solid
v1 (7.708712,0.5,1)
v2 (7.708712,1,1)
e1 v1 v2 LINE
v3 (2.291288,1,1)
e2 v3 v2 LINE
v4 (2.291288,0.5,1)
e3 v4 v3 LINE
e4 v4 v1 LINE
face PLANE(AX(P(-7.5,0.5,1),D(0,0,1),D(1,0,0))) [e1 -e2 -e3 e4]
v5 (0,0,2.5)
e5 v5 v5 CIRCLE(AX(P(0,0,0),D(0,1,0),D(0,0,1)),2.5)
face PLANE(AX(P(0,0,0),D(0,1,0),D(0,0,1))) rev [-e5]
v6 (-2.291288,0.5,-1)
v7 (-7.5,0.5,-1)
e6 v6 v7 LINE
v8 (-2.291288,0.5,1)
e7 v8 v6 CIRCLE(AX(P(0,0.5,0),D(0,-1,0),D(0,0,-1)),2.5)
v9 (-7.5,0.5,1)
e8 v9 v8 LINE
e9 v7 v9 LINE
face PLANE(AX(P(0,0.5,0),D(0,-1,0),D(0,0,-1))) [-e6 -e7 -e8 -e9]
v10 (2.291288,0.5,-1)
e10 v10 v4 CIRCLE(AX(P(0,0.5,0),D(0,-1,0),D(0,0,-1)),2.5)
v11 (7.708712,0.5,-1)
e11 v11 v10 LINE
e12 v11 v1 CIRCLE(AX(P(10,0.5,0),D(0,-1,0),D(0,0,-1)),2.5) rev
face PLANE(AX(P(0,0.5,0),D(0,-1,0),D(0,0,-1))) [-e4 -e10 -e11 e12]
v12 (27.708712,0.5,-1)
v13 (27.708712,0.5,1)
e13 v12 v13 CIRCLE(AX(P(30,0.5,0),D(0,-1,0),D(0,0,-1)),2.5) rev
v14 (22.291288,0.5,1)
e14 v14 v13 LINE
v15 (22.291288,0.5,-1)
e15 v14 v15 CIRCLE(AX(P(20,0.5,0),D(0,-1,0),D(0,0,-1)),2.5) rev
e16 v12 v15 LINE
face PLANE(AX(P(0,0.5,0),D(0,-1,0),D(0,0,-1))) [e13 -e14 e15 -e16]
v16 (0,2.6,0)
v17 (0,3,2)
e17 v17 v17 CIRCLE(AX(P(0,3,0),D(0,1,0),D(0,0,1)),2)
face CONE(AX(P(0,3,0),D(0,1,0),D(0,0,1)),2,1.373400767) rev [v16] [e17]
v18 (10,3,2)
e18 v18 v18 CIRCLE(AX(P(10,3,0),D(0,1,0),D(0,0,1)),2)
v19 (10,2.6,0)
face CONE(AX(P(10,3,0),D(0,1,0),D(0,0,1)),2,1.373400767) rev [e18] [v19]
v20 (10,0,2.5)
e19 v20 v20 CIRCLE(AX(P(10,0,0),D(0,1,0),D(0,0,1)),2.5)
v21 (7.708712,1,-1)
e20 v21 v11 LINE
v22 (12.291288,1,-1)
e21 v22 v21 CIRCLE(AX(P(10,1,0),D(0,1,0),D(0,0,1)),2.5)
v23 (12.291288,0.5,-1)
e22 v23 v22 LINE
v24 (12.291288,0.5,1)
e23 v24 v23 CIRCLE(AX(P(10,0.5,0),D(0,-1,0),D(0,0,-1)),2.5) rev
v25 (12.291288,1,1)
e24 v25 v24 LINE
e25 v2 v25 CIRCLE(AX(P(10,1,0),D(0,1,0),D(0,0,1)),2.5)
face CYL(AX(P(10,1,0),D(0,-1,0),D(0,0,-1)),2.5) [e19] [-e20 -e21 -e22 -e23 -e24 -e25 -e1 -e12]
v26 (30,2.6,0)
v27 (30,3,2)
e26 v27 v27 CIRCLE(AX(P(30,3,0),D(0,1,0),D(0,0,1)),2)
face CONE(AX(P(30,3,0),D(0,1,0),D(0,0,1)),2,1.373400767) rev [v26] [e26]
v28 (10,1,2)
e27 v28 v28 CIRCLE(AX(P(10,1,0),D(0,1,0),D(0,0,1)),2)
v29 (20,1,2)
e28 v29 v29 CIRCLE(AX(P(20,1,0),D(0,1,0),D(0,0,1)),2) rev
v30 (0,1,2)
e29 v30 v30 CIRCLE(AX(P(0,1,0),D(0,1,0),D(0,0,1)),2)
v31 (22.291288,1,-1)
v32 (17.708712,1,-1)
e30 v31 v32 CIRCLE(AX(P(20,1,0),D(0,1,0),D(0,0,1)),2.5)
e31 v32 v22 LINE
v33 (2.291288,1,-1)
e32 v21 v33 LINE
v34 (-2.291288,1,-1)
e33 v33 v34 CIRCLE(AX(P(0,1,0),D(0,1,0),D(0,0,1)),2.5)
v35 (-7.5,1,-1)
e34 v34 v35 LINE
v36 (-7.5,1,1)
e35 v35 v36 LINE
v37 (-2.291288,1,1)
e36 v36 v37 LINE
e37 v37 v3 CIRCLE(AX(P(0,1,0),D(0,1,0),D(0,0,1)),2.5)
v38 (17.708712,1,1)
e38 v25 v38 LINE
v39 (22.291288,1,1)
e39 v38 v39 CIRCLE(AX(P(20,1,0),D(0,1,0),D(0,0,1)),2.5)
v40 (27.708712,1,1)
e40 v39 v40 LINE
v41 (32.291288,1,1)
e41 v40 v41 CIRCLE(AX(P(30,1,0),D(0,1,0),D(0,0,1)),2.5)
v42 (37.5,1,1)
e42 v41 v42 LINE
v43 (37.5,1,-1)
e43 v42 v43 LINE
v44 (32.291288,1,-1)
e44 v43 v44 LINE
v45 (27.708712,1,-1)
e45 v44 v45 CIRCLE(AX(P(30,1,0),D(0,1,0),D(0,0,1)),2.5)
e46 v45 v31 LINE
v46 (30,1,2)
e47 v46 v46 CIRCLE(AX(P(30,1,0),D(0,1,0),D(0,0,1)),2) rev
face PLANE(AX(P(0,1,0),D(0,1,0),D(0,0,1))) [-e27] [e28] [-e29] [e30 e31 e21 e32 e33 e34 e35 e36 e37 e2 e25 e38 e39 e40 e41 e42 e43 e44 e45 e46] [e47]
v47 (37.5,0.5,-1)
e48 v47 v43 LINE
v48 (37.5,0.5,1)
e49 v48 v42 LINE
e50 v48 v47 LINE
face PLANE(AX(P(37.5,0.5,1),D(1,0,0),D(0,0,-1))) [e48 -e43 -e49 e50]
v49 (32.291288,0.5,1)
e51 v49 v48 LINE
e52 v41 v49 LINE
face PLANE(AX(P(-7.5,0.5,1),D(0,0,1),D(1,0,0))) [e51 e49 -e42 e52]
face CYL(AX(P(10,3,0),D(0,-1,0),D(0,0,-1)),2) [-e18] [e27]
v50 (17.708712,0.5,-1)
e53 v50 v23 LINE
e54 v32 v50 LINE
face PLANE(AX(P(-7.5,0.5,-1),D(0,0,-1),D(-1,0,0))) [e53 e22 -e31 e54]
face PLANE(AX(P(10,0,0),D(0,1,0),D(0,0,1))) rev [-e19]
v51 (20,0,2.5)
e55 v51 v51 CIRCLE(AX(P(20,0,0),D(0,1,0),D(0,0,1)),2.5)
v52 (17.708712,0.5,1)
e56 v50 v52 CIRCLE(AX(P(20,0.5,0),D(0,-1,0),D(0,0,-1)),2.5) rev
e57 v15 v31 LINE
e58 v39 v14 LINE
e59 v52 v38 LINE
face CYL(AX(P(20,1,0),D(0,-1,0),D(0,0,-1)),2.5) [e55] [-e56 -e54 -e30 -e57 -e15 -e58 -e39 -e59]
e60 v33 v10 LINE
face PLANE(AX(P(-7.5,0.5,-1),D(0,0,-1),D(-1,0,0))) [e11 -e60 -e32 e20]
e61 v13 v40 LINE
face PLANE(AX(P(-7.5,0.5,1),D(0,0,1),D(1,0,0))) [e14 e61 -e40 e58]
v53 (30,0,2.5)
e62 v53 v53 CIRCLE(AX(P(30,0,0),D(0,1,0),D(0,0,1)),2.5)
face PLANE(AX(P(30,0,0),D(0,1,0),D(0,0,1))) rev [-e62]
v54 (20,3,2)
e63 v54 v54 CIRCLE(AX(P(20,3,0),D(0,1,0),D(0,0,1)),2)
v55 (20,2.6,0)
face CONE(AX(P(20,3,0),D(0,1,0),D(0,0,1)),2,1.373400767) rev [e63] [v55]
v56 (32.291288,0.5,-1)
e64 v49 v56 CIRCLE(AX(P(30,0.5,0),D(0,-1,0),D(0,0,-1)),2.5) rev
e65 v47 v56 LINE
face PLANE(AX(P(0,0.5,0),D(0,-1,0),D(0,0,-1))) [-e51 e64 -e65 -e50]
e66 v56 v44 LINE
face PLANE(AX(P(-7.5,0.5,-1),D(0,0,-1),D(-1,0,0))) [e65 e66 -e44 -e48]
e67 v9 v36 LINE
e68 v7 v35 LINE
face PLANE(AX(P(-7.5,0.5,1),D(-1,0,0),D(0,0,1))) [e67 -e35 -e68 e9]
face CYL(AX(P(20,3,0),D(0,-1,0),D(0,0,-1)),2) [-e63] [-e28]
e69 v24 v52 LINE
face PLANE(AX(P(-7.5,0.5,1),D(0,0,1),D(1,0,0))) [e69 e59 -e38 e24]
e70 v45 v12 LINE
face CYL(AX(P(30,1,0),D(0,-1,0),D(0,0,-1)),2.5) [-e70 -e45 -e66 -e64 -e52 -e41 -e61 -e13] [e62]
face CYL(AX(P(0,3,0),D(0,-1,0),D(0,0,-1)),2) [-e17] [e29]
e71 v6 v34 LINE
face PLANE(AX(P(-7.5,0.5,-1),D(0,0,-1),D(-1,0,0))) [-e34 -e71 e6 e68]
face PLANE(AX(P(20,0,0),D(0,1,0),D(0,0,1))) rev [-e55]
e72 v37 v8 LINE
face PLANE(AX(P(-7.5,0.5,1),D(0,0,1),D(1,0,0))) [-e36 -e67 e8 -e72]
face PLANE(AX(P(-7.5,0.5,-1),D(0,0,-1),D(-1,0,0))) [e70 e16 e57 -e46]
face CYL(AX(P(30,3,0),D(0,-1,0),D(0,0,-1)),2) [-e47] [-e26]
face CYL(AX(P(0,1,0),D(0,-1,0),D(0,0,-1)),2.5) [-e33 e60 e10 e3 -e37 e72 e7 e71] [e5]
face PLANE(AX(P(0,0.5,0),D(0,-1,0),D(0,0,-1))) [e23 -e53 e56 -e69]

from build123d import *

# Parameters (mm, degrees)
SKETCH1_R           = 2
BOSS_EXTRUDE1_DEPTH = 3
SKETCH3_R           = 2.5
BOSS_EXTRUDE3_DEPTH = 1
LPATTERN4_COUNT     = 4
LPATTERN4_PITCH     = 10
SKETCH4_W           = 45
SKETCH4_H           = 2
BOSS_EXTRUDE4_DEPTH = 0.5


with BuildPart() as part:
    # Sketch1 → Boss-Extrude1 (new body)
    with BuildSketch(Plane(origin=(0, 0, 0), x_dir=(1, 0, 0), z_dir=(0, 1, 0))):
        with Locations(Location((0, 0, 0), (0, 0, 270))):
            Circle(SKETCH1_R)
    extrude(amount=BOSS_EXTRUDE1_DEPTH)

    # Sketch2 → Cut-Revolve1 (revolve, cut)
    with BuildSketch(Plane(origin=(0, 0, 0), x_dir=(0, 0, -1), z_dir=(1, 0, 0))):
        Polygon((0, 3), (0, 2.6), (-2, 3), align=None)
    revolve(axis=Axis((0, 3, 0), (0, -1, 0)), mode=Mode.SUBTRACT)

    # Sketch3 → Boss-Extrude3 (add)
    with BuildSketch(Plane(origin=(0, 0, 0), x_dir=(1, 0, 0), z_dir=(0, 1, 0))):
        with Locations(Location((0, 0, 0), (0, 0, 270))):
            Circle(SKETCH3_R)
    extrude(amount=BOSS_EXTRUDE3_DEPTH)


with BuildPart() as lpattern4_1:
    # LPattern4: pattern copy
    add(part.part.moved(Location(Vector(1, 0, 0) * (1 * LPATTERN4_PITCH))))


with BuildPart() as lpattern4_2:
    # LPattern4: pattern copy
    add(part.part.moved(Location(Vector(1, 0, 0) * (2 * LPATTERN4_PITCH))))


with BuildPart() as lpattern4_3:
    # LPattern4: pattern copy
    add(part.part.moved(Location(Vector(1, 0, 0) * (3 * LPATTERN4_PITCH))))


with BuildPart() as part_1:
    add(part.part)

    add(lpattern4_1.part)  # Boss-Extrude4 merges LPattern4_1

    add(lpattern4_2.part)  # Boss-Extrude4 merges LPattern4_2

    add(lpattern4_3.part)  # Boss-Extrude4 merges LPattern4_3
    # Sketch4 → Boss-Extrude4 (add)
    with BuildSketch(Plane(origin=(0, 1, 0), x_dir=(1, 0, 0), z_dir=(0, 1, 0))):
        with Locations((15, 0)):
            Rectangle(SKETCH4_W, SKETCH4_H)
    extrude(amount=-BOSS_EXTRUDE4_DEPTH)


solid = part_1.part
